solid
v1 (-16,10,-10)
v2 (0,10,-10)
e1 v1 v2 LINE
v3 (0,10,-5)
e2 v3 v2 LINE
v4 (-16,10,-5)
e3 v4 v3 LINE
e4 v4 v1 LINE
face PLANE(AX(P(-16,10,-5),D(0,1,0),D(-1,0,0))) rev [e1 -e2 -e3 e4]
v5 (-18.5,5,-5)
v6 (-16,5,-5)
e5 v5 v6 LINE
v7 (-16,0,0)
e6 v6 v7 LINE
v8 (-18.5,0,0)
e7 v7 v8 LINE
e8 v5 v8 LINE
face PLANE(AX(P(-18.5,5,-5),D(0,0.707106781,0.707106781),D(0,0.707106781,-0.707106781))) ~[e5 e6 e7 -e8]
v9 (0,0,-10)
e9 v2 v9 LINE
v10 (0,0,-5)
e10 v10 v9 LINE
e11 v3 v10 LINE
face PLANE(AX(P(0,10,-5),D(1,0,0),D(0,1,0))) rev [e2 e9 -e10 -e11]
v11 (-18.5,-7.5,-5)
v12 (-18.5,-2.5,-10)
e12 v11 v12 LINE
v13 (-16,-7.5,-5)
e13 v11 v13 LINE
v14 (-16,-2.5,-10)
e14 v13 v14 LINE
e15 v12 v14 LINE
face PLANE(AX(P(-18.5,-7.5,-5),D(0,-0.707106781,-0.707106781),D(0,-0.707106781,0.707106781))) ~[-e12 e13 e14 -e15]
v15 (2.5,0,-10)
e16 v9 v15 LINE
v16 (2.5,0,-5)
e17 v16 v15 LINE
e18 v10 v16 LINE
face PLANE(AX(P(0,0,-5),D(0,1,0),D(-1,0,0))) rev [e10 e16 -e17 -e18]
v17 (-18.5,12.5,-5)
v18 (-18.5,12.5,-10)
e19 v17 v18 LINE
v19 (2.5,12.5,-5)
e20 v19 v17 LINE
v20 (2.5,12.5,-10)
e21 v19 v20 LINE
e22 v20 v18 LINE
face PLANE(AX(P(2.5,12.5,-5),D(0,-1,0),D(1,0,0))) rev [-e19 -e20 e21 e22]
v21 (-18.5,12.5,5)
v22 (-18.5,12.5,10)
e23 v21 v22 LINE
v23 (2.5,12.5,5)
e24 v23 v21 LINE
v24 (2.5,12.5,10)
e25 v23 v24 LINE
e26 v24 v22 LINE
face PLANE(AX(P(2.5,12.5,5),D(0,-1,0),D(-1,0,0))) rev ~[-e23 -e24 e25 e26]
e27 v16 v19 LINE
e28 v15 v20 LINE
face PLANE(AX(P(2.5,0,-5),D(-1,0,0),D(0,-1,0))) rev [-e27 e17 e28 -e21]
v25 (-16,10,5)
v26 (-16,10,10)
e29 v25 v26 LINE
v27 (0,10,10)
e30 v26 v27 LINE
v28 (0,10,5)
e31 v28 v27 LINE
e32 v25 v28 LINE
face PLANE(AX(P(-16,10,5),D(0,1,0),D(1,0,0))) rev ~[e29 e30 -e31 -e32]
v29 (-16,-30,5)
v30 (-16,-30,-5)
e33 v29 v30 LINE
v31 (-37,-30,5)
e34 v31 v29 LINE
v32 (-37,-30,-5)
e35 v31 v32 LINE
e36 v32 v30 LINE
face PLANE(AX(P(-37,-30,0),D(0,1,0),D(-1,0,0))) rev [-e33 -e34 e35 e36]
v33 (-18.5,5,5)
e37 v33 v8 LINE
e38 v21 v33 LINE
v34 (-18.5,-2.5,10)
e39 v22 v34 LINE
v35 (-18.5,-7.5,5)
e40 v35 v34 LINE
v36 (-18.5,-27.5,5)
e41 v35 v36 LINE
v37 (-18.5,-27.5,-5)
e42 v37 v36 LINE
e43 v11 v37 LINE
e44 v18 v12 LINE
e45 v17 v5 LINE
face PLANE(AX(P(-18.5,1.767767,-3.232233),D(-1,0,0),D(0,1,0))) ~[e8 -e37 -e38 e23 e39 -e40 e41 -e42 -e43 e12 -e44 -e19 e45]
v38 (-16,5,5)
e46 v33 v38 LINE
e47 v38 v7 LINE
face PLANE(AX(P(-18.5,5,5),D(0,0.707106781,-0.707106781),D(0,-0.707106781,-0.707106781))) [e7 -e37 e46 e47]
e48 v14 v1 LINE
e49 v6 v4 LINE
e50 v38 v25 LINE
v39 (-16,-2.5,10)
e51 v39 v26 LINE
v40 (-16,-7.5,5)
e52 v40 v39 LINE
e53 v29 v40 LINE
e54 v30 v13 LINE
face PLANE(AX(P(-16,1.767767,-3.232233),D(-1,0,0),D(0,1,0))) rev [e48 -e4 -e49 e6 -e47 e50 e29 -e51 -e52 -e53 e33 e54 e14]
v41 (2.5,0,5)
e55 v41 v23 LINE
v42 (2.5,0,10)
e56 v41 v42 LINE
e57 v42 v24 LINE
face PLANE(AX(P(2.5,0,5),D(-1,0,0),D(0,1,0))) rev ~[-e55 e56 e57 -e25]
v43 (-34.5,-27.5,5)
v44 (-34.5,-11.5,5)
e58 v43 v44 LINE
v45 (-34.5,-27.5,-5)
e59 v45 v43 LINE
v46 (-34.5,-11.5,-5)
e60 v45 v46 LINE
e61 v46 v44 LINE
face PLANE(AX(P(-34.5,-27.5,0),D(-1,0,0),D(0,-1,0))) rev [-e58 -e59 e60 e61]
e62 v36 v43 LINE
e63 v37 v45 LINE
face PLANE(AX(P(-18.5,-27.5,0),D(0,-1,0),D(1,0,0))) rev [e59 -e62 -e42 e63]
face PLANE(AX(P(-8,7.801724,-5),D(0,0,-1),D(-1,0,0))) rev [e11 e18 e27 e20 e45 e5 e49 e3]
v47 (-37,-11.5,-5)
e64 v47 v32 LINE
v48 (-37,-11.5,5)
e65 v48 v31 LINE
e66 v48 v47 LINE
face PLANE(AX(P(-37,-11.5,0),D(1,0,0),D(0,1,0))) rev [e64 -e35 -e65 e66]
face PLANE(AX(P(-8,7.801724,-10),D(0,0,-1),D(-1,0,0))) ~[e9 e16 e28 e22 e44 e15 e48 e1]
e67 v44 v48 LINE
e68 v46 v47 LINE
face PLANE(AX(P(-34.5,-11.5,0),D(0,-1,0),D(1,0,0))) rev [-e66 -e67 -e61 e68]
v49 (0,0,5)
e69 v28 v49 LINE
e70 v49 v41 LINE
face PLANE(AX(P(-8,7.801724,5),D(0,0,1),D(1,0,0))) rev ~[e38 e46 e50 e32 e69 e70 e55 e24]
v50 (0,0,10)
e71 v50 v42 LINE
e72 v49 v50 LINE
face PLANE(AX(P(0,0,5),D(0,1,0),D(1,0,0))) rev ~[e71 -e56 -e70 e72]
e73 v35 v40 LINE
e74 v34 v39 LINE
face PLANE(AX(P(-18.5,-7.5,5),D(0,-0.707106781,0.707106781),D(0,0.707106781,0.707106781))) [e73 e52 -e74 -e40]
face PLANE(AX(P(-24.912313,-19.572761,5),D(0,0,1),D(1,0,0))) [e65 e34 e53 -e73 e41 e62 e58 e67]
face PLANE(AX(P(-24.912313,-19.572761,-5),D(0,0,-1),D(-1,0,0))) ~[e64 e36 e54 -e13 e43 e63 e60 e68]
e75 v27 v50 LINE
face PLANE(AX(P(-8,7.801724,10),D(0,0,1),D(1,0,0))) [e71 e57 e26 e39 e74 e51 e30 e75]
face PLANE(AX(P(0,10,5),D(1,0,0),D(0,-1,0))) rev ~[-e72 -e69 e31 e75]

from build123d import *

# Parameters (mm, degrees)
F1_DEPTH = 5
F2_W     = 2.5
F2_H     = 2.5
F3_DEPTH = 5
F5_DEPTH = 2.5


with BuildPart() as f1:
    # F0 (on Top) → F1 (new body)
    with BuildSketch(Plane.XY):
        Polygon((-16, -30), (-16, 0), (-18.5, 0), (-18.5, -27.5), (-34.5, -27.5), (-34.5, -11.5), (-37, -11.5), (-37, -30), align=None)
    extrude(amount=F1_DEPTH)

    # F2 (on face) → F3 (join)
    with BuildSketch(Plane.XY.offset(5)):
        Polygon((2.5, 12.5), (-18.5, 12.5), (-18.5, 0), (-16, 0), (-16, 10), (0, 10), (0, 0), (2.5, 0), align=None)
        with Locations((-17.25, -1.25)):
            Rectangle(F2_W, F2_H)
    extrude(amount=F3_DEPTH)

    # F4 (on face) → F5 (join, through all)
    with BuildSketch(Plane(origin=(-18.5, 0, 0), x_dir=(0, -1, 0), z_dir=(-1, 0, 0))):
        Polygon((0, 5), (-5, 5), (0, 0), align=None)
        Polygon((7.5, 5), (2.5, 10), (2.5, 5), align=None)
    extrude(amount=-F5_DEPTH)

    # F6: F1 across plane


with BuildPart() as f1_1:
    add(f1.part)
    add(f1.part.mirror(Plane.XY))


solid = f1_1.part
